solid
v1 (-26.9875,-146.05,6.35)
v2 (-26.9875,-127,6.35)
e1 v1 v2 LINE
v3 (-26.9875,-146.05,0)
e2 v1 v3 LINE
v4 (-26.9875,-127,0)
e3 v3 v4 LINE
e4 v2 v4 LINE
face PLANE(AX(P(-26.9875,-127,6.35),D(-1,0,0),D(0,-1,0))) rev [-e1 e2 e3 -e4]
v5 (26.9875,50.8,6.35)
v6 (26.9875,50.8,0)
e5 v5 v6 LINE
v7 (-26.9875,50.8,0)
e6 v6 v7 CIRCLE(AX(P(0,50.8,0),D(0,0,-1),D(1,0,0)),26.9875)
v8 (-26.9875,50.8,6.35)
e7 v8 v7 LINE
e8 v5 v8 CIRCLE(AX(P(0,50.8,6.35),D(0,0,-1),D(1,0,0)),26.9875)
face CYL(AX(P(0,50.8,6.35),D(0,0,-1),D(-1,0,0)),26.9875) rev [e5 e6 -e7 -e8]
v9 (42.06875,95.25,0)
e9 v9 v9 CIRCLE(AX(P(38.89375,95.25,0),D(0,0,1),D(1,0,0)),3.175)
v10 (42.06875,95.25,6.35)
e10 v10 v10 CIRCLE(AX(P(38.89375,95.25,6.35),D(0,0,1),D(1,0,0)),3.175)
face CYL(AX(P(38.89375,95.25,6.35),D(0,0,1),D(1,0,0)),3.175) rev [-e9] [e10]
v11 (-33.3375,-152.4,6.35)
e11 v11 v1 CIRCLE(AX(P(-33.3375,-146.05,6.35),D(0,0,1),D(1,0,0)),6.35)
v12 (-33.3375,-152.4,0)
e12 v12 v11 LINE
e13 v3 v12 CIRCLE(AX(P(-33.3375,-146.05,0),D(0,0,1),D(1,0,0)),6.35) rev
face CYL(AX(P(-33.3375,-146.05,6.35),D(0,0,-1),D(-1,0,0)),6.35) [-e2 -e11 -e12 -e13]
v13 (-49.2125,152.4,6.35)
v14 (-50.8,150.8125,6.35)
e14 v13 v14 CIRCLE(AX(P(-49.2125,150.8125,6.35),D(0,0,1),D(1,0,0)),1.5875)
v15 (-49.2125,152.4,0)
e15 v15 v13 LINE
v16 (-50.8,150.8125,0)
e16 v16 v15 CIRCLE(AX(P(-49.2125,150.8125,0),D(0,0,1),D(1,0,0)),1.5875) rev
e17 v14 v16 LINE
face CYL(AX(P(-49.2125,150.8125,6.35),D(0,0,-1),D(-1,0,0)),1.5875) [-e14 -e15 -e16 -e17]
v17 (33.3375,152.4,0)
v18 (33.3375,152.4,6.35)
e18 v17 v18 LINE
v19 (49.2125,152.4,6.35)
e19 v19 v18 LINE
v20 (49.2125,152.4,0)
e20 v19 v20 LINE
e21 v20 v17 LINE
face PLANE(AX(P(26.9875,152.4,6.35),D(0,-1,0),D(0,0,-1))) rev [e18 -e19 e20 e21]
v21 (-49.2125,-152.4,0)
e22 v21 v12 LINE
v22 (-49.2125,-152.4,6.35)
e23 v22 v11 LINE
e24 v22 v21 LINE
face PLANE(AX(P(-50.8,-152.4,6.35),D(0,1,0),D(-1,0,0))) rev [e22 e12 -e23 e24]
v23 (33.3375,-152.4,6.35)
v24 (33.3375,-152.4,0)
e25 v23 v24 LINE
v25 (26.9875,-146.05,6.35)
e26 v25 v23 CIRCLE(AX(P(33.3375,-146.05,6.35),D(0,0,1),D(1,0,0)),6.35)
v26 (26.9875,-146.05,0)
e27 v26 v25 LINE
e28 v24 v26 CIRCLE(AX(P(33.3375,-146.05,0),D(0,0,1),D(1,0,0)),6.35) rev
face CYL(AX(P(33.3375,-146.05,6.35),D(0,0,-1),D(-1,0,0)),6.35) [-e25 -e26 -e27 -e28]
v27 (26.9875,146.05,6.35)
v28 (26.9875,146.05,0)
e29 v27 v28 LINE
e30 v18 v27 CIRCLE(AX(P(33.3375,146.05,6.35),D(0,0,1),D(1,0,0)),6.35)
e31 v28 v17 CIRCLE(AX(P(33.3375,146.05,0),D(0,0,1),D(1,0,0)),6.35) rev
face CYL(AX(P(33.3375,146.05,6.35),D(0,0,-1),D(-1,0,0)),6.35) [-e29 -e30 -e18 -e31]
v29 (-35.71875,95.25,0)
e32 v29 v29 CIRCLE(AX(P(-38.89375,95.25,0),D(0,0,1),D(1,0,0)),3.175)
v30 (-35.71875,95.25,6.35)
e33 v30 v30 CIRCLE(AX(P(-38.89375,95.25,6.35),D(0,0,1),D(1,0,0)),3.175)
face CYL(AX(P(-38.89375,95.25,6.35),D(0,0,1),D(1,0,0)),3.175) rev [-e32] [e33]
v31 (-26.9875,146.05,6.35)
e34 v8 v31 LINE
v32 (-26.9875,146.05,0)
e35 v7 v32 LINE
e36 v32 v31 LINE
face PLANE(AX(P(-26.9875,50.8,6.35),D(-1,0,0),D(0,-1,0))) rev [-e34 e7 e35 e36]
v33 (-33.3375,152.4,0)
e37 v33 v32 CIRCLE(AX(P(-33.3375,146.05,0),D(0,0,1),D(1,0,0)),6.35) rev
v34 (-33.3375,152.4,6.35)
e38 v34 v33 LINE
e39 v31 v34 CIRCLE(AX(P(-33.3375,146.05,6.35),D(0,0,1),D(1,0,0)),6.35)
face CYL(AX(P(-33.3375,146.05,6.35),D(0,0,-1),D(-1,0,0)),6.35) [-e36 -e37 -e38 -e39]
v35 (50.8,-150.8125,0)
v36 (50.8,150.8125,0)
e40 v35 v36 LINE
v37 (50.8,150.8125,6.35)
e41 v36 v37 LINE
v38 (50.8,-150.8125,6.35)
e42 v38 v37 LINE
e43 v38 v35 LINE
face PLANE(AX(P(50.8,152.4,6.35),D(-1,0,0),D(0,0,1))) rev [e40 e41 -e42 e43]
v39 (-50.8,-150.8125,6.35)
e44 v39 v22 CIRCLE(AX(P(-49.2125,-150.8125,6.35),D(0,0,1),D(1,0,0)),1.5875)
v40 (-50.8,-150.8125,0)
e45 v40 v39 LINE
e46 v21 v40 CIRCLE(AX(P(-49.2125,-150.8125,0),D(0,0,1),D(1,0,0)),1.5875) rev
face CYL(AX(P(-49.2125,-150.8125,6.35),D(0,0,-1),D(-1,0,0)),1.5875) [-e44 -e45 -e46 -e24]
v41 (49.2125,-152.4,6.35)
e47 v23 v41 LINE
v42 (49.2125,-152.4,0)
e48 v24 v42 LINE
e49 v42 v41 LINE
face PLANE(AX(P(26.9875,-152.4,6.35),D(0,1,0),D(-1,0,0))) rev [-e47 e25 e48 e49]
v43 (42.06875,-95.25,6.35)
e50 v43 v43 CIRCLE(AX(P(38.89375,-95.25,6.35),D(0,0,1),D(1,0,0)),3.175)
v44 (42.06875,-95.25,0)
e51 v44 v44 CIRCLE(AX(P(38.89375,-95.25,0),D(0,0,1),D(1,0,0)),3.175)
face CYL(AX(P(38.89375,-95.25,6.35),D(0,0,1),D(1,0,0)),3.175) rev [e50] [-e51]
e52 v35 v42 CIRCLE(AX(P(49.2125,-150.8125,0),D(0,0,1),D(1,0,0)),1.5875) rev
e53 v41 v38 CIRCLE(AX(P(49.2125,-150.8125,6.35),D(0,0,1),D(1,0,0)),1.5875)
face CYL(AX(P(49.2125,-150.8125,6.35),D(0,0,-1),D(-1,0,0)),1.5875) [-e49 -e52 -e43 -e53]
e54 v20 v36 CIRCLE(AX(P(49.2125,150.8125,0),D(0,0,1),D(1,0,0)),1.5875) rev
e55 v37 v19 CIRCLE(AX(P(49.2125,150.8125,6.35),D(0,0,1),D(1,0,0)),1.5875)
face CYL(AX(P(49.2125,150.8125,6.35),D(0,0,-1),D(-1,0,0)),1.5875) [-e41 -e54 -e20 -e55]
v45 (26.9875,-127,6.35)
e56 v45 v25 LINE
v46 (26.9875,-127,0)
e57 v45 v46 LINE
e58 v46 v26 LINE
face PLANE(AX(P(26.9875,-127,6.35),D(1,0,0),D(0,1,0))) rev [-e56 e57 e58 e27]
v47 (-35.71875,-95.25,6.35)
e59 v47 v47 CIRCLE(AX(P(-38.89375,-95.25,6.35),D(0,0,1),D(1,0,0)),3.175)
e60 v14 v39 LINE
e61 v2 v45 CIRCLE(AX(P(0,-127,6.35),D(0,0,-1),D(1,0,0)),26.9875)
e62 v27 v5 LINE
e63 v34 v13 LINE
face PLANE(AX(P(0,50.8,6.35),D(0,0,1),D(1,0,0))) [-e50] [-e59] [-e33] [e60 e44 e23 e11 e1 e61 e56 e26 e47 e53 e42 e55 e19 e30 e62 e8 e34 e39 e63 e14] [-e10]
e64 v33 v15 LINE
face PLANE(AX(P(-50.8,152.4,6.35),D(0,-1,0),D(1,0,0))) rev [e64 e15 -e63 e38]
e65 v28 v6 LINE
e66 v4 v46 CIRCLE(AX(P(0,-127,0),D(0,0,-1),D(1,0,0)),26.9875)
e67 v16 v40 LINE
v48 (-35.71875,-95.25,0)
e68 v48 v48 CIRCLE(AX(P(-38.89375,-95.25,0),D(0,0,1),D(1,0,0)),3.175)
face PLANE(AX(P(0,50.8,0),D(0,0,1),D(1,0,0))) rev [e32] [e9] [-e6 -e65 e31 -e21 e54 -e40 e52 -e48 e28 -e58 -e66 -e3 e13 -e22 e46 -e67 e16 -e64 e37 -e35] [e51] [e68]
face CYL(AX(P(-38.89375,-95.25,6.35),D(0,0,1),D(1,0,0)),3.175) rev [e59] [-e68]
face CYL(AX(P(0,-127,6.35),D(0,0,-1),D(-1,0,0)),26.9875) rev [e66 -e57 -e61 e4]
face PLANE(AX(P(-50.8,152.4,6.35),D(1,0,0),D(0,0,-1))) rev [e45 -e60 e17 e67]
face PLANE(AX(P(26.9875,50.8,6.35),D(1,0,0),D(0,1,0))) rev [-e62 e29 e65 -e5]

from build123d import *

# Parameters (mm, degrees)
BOSS_EXTRUDE1_DEPTH            = 6.35
F_1_4_0_2500_DOWEL_HOLE1_D     = 6.35
F_1_4_0_2500_DOWEL_HOLE1_DEPTH = 6.35
FILLET1_R                      = 6.35
FILLET2_R                      = 1.5875


with BuildPart() as part:
    # Sketch1 → Boss-Extrude1 (new body)
    with BuildSketch(Plane.XY):
        with BuildLine():
            Line((-26.9875, 50.8), (-26.9875, 152.4))
            Line((-26.9875, 152.4), (-50.8, 152.4))
            Line((-50.8, 152.4), (-50.8, -152.4))
            Line((-50.8, -152.4), (-26.9875, -152.4))
            Line((-26.9875, -152.4), (-26.9875, -127))
            ThreePointArc((-26.9875, -127), (0, -100.0125), (26.9875, -127))
            Line((26.9875, -127), (26.9875, -152.4))
            Line((26.9875, -152.4), (50.8, -152.4))
            Line((50.8, -152.4), (50.8, 152.4))
            Line((50.8, 152.4), (26.9875, 152.4))
            Line((26.9875, 152.4), (26.9875, 50.8))
            ThreePointArc((26.9875, 50.8), (0, 23.8125), (-26.9875, 50.8))
        make_face()
    extrude(amount=BOSS_EXTRUDE1_DEPTH)

    # 1/4 (0.2500) Dowel Hole1
    with Locations(Plane.XY.offset(6.35)):
        with Locations((-38.89375, 95.25), (38.89375, 95.25), (38.89375, -95.25), (-38.89375, -95.25)):
            Hole(F_1_4_0_2500_DOWEL_HOLE1_D / 2, depth=F_1_4_0_2500_DOWEL_HOLE1_DEPTH)

    # Fillet1
    fillet1_edges = [part.edges().sort_by_distance(p)[0] for p in [
        (26.9875, -152.4, 3.175),
        (-26.9875, -152.4, 3.175),
        (-26.9875, 152.4, 3.175),
        (26.9875, 152.4, 3.175),
    ]]
    fillet(fillet1_edges, radius=FILLET1_R)

    # Fillet2
    fillet2_edges = [part.edges().sort_by_distance(p)[0] for p in [
        (-50.8, -152.4, 3.175),
        (-50.8, 152.4, 3.175),
        (50.8, 152.4, 3.175),
        (50.8, -152.4, 3.175),
    ]]
    fillet(fillet2_edges, radius=FILLET2_R)


solid = part.part
